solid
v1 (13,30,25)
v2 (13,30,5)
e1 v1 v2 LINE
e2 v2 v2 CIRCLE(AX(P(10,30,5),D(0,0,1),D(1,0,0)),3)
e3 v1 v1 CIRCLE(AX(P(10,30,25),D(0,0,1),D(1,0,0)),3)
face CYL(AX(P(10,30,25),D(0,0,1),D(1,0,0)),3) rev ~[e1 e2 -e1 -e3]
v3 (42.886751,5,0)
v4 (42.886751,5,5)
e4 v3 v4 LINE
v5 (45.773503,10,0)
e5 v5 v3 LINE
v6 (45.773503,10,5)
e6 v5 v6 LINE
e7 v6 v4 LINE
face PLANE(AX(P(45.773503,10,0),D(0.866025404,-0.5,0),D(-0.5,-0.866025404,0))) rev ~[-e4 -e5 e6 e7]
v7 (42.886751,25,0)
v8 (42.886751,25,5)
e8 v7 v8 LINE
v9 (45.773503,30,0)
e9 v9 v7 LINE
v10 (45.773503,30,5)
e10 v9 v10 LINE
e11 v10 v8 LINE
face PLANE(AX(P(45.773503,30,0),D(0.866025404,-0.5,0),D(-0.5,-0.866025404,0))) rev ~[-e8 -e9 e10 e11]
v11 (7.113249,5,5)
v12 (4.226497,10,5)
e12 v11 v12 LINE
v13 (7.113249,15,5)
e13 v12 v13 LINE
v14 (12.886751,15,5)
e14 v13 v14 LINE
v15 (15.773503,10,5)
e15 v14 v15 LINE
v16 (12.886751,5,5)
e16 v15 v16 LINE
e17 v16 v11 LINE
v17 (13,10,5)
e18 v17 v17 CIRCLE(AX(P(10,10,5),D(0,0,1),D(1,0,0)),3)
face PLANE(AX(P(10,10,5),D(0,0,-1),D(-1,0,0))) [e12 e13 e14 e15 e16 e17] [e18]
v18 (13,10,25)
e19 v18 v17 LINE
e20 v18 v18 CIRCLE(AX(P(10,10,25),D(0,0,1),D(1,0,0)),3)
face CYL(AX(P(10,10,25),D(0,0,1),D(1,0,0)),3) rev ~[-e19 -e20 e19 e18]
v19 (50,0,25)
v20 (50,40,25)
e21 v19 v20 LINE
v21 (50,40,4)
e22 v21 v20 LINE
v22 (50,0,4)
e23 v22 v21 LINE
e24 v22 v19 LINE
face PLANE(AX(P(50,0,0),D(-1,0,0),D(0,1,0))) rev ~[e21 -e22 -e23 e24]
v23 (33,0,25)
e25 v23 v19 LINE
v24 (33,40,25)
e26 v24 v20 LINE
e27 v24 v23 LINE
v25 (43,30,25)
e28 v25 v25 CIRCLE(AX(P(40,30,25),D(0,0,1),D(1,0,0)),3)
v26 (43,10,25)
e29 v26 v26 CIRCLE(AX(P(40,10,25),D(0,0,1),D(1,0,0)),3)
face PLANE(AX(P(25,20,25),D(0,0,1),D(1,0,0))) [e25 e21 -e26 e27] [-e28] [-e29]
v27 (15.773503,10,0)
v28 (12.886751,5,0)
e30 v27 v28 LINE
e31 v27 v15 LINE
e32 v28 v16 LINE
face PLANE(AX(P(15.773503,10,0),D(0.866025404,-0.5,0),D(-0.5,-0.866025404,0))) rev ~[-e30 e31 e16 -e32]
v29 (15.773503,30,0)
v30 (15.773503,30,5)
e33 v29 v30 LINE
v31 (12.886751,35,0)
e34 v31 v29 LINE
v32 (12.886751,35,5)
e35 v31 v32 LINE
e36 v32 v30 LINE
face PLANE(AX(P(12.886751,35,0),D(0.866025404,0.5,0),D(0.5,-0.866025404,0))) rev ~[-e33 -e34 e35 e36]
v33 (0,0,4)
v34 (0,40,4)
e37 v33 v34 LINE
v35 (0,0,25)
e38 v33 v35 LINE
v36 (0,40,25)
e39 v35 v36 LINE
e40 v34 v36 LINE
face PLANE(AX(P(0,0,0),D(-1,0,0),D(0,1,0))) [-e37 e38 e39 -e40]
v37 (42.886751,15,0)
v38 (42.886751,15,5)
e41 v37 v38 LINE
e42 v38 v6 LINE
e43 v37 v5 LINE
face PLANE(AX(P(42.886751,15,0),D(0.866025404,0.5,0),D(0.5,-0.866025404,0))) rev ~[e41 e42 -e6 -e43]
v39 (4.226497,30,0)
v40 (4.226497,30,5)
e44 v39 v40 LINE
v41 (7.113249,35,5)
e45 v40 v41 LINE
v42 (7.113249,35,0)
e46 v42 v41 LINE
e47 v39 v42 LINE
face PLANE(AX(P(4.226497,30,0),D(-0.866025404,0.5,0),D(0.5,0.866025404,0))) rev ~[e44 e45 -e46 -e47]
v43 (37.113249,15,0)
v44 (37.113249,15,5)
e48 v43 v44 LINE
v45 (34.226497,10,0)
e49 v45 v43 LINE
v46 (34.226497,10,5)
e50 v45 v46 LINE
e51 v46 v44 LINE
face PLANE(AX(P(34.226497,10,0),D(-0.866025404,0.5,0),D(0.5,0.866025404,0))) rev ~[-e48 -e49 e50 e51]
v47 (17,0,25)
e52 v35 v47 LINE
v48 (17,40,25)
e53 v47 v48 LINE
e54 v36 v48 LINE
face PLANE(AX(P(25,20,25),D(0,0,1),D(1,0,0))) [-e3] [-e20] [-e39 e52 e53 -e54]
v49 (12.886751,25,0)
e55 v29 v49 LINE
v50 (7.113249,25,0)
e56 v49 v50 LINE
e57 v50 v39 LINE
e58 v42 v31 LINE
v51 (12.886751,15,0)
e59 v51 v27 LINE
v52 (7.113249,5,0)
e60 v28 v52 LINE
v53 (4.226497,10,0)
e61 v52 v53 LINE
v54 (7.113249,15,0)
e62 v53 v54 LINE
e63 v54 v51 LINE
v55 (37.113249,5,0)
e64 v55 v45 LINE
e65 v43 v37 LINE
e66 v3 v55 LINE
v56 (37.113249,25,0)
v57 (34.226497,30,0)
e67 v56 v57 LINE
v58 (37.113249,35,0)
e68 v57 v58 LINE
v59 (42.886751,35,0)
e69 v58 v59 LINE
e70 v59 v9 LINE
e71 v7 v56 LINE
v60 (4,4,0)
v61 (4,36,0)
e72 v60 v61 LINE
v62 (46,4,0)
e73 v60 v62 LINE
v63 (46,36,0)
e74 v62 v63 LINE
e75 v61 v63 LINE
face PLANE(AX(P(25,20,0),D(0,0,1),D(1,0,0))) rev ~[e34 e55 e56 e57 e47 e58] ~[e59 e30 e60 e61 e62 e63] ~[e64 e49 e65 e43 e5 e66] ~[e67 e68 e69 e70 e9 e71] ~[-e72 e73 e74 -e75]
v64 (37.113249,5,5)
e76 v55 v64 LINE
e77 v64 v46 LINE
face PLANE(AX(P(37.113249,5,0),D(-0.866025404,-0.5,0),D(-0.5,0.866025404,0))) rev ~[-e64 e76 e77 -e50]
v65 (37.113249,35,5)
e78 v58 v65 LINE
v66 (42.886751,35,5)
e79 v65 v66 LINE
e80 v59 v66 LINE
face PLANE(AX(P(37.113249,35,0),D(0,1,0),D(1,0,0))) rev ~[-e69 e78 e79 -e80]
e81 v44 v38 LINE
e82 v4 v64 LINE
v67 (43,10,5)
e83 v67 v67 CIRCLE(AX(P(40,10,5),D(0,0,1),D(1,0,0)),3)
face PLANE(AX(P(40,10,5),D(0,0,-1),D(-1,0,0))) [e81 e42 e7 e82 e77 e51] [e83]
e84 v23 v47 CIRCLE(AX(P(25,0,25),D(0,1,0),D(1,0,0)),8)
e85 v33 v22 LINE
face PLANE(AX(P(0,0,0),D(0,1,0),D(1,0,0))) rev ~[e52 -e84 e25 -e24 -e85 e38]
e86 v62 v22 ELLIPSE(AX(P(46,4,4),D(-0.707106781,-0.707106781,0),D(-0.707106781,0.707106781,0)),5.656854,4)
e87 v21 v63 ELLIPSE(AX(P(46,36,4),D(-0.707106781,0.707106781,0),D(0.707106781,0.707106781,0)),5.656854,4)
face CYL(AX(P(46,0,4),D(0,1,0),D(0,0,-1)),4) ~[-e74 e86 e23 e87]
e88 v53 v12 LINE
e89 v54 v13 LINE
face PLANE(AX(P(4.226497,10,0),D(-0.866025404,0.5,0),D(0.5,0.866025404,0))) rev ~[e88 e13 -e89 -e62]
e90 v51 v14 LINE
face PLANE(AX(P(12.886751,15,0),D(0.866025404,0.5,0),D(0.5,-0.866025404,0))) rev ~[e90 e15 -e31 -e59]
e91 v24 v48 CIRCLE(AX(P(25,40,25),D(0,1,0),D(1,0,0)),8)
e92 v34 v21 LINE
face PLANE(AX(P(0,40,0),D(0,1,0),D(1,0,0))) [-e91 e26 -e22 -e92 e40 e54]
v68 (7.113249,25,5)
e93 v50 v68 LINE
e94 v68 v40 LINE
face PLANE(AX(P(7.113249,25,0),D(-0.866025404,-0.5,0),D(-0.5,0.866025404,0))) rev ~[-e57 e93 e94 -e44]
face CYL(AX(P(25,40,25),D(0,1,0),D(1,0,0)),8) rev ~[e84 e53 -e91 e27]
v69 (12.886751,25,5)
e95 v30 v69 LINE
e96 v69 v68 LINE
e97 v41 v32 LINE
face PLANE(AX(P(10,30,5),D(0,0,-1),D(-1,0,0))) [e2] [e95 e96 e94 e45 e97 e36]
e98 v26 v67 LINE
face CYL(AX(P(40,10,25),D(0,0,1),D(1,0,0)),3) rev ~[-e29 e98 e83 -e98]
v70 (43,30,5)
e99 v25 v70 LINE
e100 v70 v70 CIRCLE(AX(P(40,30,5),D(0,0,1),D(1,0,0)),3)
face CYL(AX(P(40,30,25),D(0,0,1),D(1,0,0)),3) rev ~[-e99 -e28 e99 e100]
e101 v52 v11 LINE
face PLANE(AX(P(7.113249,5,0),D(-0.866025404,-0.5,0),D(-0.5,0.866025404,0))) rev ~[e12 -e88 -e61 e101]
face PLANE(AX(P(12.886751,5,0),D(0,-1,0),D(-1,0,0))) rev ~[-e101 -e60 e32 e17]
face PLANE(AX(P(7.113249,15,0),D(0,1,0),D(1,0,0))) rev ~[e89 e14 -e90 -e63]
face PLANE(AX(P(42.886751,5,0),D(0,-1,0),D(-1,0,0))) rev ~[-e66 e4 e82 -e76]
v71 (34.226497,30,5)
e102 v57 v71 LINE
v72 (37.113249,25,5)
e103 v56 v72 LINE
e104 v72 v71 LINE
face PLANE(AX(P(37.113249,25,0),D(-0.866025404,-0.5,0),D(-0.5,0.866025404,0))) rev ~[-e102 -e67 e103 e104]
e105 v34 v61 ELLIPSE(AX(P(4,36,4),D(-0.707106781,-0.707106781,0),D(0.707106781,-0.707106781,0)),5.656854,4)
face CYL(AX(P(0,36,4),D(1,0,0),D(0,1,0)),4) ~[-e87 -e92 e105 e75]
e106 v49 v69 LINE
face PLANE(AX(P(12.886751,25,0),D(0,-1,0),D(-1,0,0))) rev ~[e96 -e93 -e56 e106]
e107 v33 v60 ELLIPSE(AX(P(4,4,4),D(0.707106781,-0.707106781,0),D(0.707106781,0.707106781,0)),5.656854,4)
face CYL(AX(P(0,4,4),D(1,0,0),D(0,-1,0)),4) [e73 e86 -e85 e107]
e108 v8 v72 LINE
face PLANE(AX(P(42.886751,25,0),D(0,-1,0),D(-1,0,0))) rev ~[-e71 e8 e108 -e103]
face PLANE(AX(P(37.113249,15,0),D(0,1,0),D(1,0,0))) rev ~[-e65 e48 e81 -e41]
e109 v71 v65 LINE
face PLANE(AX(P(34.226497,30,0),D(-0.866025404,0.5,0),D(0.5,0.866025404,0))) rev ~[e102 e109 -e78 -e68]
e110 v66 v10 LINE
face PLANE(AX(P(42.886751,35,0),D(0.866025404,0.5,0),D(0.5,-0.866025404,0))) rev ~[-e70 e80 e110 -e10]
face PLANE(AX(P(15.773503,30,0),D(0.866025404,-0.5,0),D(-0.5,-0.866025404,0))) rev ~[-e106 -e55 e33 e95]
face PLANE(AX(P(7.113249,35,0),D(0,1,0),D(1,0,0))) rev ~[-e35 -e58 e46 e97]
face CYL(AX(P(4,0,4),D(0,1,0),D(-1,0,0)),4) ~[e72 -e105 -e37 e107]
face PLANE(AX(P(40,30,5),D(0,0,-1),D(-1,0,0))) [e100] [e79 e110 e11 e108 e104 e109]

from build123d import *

# Parameters (mm, degrees)
SKETCH1_W           = 50
SKETCH1_H           = 40
BOSS_EXTRUDE1_DEPTH = 25
SKETCH2_R           = 8
CUT_EXTRUDE1_DEPTH  = 43
SKETCH3_R           = 3
CUT_EXTRUDE2_DEPTH  = 43
CUT_EXTRUDE3_DEPTH  = 5
FILLET1_R           = 4


with BuildPart() as part:
    # Sketch1 → Boss-Extrude1 (new body)
    with BuildSketch(Plane.XY):
        with Locations((25, 20)):
            Rectangle(SKETCH1_W, SKETCH1_H)
    extrude(amount=BOSS_EXTRUDE1_DEPTH)

    # Sketch2 → Cut-Extrude1 (cut)
    with BuildSketch(Plane(origin=(0, 40, 0), x_dir=(1, 0, 0), z_dir=(0, 1, 0))):
        with Locations((25, -25)):
            Circle(SKETCH2_R)
    extrude(amount=-CUT_EXTRUDE1_DEPTH, mode=Mode.SUBTRACT)

    # Sketch3 → Cut-Extrude2 (cut)
    with BuildSketch(Plane.XY.offset(25)):
        with Locations((10, 30)):
            Circle(SKETCH3_R)
        with Locations((10, 10)):
            Circle(SKETCH3_R)
        with Locations((40, 30)):
            Circle(SKETCH3_R)
        with Locations((40, 10)):
            Circle(SKETCH3_R)
    extrude(amount=-CUT_EXTRUDE2_DEPTH, mode=Mode.SUBTRACT)

    # Sketch4 → Cut-Extrude3 (cut)
    with BuildSketch(Plane(origin=(0, 0, 0), x_dir=(-1, 0, 0), z_dir=(0, 0, -1))):
        Polygon((-7.113248654, 5), (-4.226497308, 10), (-7.113248654, 15), (-12.886751346, 15), (-15.773502692, 10), (-12.886751346, 5), align=None)
        Polygon((-37.113248654, 5), (-34.226497308, 10), (-37.113248654, 15), (-42.886751346, 15), (-45.773502692, 10), (-42.886751346, 5), align=None)
        Polygon((-7.113248654, 25), (-4.226497308, 30), (-7.113248654, 35), (-12.886751346, 35), (-15.773502692, 30), (-12.886751346, 25), align=None)
        Polygon((-42.886751346, 35), (-45.773502692, 30), (-42.886751346, 25), (-37.113248654, 25), (-34.226497308, 30), (-37.113248654, 35), align=None)
    extrude(amount=-CUT_EXTRUDE3_DEPTH, mode=Mode.SUBTRACT)

    # Fillet1
    fillet1_edges = [part.edges().sort_by_distance(p)[0] for p in [
        (25, 40, 0),
        (50, 20, 0),
        (25, 0, 0),
        (0, 20, 0),
    ]]
    fillet(fillet1_edges, radius=FILLET1_R)


solid = part.part
